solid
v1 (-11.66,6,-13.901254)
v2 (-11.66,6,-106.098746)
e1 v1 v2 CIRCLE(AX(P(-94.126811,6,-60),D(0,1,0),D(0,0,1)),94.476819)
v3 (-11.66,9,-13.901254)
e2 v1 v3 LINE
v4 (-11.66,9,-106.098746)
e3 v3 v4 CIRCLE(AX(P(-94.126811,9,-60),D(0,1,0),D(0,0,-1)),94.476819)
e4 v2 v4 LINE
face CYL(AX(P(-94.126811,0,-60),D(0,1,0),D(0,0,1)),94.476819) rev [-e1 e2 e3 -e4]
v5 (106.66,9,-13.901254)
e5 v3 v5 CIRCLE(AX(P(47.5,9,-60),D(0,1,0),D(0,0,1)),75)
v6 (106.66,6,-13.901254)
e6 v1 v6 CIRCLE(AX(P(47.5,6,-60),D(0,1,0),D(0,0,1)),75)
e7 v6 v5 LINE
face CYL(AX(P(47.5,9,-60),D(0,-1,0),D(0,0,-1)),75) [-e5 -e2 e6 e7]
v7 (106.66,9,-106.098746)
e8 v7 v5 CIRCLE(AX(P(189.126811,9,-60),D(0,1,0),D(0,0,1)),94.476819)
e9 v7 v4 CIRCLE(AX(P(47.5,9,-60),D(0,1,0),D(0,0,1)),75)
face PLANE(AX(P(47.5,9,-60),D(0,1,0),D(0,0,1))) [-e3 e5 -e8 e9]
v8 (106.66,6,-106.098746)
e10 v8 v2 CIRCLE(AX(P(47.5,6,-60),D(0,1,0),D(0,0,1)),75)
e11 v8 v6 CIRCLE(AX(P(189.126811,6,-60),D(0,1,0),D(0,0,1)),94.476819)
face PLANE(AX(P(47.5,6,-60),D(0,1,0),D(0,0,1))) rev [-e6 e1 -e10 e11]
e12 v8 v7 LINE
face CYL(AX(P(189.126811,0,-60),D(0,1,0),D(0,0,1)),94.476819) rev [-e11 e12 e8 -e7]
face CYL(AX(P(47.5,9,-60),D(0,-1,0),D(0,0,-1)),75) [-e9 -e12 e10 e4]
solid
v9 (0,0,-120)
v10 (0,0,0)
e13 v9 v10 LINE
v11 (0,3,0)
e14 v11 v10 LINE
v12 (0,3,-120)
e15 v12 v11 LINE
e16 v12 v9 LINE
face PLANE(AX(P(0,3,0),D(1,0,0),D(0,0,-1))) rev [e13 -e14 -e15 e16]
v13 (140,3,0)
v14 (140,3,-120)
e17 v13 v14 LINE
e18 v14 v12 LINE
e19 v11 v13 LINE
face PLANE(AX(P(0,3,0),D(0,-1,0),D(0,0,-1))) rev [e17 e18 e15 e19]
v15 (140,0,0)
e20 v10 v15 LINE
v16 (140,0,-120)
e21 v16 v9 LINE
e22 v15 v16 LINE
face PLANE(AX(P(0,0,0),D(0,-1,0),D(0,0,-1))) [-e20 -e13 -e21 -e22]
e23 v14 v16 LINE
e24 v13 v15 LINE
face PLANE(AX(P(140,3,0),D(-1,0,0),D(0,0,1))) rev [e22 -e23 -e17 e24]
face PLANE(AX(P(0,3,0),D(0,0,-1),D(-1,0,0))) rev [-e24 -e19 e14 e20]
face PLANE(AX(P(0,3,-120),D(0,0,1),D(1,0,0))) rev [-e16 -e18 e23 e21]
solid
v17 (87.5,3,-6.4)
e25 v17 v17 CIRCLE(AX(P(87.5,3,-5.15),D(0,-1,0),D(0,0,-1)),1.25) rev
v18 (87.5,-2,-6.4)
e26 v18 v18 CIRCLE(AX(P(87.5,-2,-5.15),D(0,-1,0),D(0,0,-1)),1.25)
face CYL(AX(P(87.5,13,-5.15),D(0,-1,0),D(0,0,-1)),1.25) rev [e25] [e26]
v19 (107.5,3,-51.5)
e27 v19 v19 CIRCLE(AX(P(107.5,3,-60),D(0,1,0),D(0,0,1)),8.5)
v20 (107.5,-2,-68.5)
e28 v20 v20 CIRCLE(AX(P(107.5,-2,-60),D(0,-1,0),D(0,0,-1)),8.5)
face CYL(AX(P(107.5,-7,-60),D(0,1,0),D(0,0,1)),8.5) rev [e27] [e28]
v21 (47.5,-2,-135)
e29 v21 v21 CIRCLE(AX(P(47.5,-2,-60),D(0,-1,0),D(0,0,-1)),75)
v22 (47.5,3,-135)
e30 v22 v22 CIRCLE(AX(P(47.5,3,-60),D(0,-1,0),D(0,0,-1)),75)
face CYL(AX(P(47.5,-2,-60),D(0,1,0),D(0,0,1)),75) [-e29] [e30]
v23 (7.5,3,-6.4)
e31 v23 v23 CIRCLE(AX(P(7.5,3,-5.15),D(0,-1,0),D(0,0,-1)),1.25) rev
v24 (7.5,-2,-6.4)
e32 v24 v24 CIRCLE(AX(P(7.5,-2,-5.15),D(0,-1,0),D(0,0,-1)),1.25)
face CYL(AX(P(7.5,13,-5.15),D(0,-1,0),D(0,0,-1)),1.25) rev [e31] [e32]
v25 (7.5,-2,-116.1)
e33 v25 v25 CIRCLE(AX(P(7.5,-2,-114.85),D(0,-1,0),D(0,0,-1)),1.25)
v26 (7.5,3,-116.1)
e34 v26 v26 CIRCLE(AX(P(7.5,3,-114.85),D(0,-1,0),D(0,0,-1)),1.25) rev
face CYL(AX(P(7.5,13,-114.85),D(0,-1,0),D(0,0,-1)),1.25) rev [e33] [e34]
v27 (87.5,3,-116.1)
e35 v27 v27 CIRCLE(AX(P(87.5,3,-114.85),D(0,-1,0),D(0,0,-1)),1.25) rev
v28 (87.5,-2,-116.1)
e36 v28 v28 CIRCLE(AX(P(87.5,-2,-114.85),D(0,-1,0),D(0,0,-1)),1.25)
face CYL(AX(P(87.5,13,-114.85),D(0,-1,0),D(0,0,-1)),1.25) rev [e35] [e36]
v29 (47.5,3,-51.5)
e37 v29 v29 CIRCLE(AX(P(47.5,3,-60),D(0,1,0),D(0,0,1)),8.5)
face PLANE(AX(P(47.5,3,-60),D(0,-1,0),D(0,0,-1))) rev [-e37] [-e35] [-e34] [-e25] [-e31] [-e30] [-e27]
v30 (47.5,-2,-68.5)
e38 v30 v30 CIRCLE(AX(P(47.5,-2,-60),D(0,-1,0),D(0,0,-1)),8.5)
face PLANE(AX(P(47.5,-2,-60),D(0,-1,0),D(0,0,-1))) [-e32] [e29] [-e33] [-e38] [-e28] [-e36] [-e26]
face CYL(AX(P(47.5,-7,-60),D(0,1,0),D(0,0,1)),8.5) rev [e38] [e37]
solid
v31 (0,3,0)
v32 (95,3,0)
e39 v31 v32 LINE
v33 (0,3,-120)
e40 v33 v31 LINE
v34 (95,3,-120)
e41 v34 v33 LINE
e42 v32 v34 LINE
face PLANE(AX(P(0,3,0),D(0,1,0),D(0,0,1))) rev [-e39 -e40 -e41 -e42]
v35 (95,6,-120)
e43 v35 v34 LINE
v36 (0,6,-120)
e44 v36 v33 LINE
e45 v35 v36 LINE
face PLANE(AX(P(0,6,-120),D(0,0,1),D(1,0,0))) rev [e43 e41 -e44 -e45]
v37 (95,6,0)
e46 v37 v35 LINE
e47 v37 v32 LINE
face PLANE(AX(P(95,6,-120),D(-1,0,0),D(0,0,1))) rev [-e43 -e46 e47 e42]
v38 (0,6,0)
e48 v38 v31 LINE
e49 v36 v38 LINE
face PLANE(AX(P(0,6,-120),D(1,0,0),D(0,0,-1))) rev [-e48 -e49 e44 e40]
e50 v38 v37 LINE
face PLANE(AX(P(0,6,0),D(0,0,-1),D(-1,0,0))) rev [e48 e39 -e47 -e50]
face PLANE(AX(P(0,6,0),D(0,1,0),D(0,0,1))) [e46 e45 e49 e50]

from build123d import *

# Parameters (mm, degrees)
SKETCH1_W                   = 140
SKETCH1_H                   = 120
COMPACT_DEPTH               = 3
SKETCH4_W                   = 95
SKETCH4_H                   = 120
SUPERCOMPACT_DEPTH          = 3
SKETCH7_R                   = 75
APPLE_BASE_DEPTH            = 3
SIDECUTS_DEPTH              = 195.694632694
APPLE_BASE_2_DEPTH          = 3
BOSS_EXTRUDE4_DEPTH         = 3
BASE_PLATE_FILLET_R         = 0.001
TOP_BOTTOM_EXTENSIONS_DEPTH = 3
SKETCH35_R                  = 1.25
SPACERHOLES_DEPTH           = 10
CUT_EXTRUDE4_DEPTH          = 10
SKETCH39_R                  = 75
SKETCH39_R_2                = 1.25
BOSS_EXTRUDE5_DEPTH         = 5
CUT_EXTRUDE5_DEPTH          = 150
SKETCH41_R                  = 8.5
CUT_EXTRUDE6_DEPTH          = 10
SKETCH44_R                  = 8.5
CUT_EXTRUDE7_DEPTH          = 10


with BuildPart() as part:
    # Sketch1 → Compact (new body)
    with BuildSketch(Plane(origin=(0, 0, 0), x_dir=(1, 0, 0), z_dir=(0, 1, 0))):
        with Locations((70, 60)):
            Rectangle(SKETCH1_W, SKETCH1_H)
    extrude(amount=COMPACT_DEPTH)


with BuildPart() as body_2:
    # Sketch4 → SuperCompact (new body)
    with BuildSketch(Plane(origin=(0, 3, 0), x_dir=(1, 0, 0), z_dir=(0, 1, 0))):
        with Locations((47.5, 60)):
            Rectangle(SKETCH4_W, SKETCH4_H)
    extrude(amount=SUPERCOMPACT_DEPTH)


with BuildPart() as body_3:
    # Sketch7 → Apple Base (new body)
    with BuildSketch(Plane(origin=(0, 6, 0), x_dir=(1, 0, 0), z_dir=(0, 1, 0))):
        with Locations(Location((47.5, 60, 0), (0, 0, 270))):
            Circle(SKETCH7_R)
    extrude(amount=APPLE_BASE_DEPTH)

    # Sketch8 → SideCuts (cut, through all)
    with BuildSketch(Plane(origin=(0, 9, 0), x_dir=(1, 0, 0), z_dir=(0, 1, 0))):
        with BuildLine():
            ThreePointArc((-11.66, 106.098746187), (0.350007958, 60), (-11.66, 13.901253813))
            ThreePointArc((-11.66, 13.901253813), (-27.5, 60), (-11.66, 106.098746187))
        make_face()
        with BuildLine():
            ThreePointArc((106.66, 106.098746187), (94.649992042, 60), (106.66, 13.901253813))
            ThreePointArc((106.66, 13.901253813), (122.5, 60), (106.66, 106.098746187))
        make_face()
    extrude(amount=-SIDECUTS_DEPTH, mode=Mode.SUBTRACT)


with BuildPart() as body_4:
    # Sketch9 → Apple_Base 2 (new body)
    with BuildSketch(Plane.XZ.offset(-6)):
        with BuildLine():
            ThreePointArc((106.66, -13.901253813), (47.5, 15), (-11.66, -13.901253813))
            ThreePointArc((-11.66, -13.901253813), (0.350007958, -60), (-11.66, -106.098746187))
            ThreePointArc((-11.66, -106.098746187), (47.5, -135), (106.66, -106.098746187))
            ThreePointArc((106.66, -106.098746187), (94.649992042, -60), (106.66, -13.901253813))
        make_face()
    extrude(amount=APPLE_BASE_2_DEPTH)

    # Sketch10 → Boss-Extrude4 (add)
    with BuildSketch(Plane(origin=(0, 6, 0), x_dir=(1, 0, 0), z_dir=(0, 1, 0))):
        with BuildLine():
            Line((-11.66, 106.098746187), (-11.66, 13.901253813))
            ThreePointArc((-11.66, 13.901253813), (0.350007958, 60), (-11.66, 106.098746187))
        make_face()
        with BuildLine():
            Line((106.66, 106.098746187), (106.66, 13.901253813))
            ThreePointArc((106.66, 13.901253813), (94.649992042, 60), (106.66, 106.098746187))
        make_face()
    extrude(amount=-BOSS_EXTRUDE4_DEPTH)

    # Base_Plate_Fillet
    base_plate_fillet_edges = [body_4.edges().sort_by_distance(p)[0] for p in [
        (-11.66, 3, -60),
        (-11.66, 6, -60),
        (47.5, 3, -135),
        (106.66, 3, -60),
        (106.66, 6, -60),
        (47.5, 6, -135),
        (47.5, 6, 15),
        (106.66, 4.5, -106.098746187),
        (-11.66, 4.5, -106.098746187),
        (-11.66, 4.5, -13.901253813),
        (106.66, 4.5, -13.901253813),
        (47.5, 3, 15),
    ]]
    fillet(base_plate_fillet_edges, radius=BASE_PLATE_FILLET_R)

    # Sketch25 → Top Bottom extensions (add)
    with BuildSketch(Plane(origin=(0, 6, 0), x_dir=(1, 0, 0), z_dir=(0, 1, 0))):
        with BuildLine():
            Line((-11.659005821, 106.097402592), (-11.659005821, 111.097402592))
            ThreePointArc((-11.659005821, 111.097402592), (47.5, 138.794628322), (106.659005821, 111.097402592))
            Line((106.659005821, 111.097402592), (106.659005821, 106.097402592))
            ThreePointArc((106.659005821, 106.097402592), (47.5, 133.794628322), (-11.659005821, 106.097402592))
        make_face()
        with BuildLine():
            Line((106.659005821, 13.902597408), (106.659005821, 8.902597408))
            ThreePointArc((106.659005821, 8.902597408), (47.5, -18.794628322), (-11.659005821, 8.902597408))
            Line((-11.659005821, 8.902597408), (-11.659005821, 13.902597408))
            ThreePointArc((-11.659005821, 13.902597408), (47.5, -13.794628322), (106.659005821, 13.902597408))
        make_face()
    extrude(amount=-TOP_BOTTOM_EXTENSIONS_DEPTH)

    # Sketch35 → SpacerHoles (cut)
    with BuildSketch(Plane.XZ.offset(-3)):
        with Locations(Location((7.5, -5.15, 0), (0, 0, 270))):
            Circle(SKETCH35_R)
        with Locations(Location((87.5, -5.15, 0), (0, 0, 270))):
            Circle(SKETCH35_R)
        with Locations(Location((87.5, -114.85, 0), (0, 0, 270))):
            Circle(SKETCH35_R)
        with Locations(Location((7.5, -114.85, 0), (0, 0, 270))):
            Circle(SKETCH35_R)
    extrude(amount=-SPACERHOLES_DEPTH, mode=Mode.SUBTRACT)

    # Sketch38 → Cut-Extrude4 (cut)
    with BuildSketch(Plane.XZ.offset(-3)):
        Polygon((47.5, 37.050137759), (120.372278362, 37.050137759), (120.372278362, -158.601845129), (-29.177494987, -158.601845129), (-29.177494987, 37.050137759), align=None)
        Polygon((-6.659, -60), (-6.659, 24.702355976), (101.659, 24.702355976), (101.659, -143.843523469), (-6.659, -143.843523469), align=None, mode=Mode.SUBTRACT)
    extrude(amount=-CUT_EXTRUDE4_DEPTH, mode=Mode.SUBTRACT)

    # Sketch39 → Boss-Extrude5 (add)
    with BuildSketch(Plane.XZ.offset(-3)):
        with Locations(Location((47.5, -60, 0), (0, 0, 43.770209918))):
            Circle(SKETCH39_R)
        with Locations(Location((87.5, -5.15, 0), (0, 0, 270))):
            Circle(SKETCH39_R_2, mode=Mode.SUBTRACT)
        with Locations(Location((7.5, -5.15, 0), (0, 0, 270))):
            Circle(SKETCH39_R_2, mode=Mode.SUBTRACT)
        with Locations(Location((7.5, -114.85, 0), (0, 0, 270))):
            Circle(SKETCH39_R_2, mode=Mode.SUBTRACT)
        with Locations(Location((87.5, -114.85, 0), (0, 0, 270))):
            Circle(SKETCH39_R_2, mode=Mode.SUBTRACT)
    extrude(amount=BOSS_EXTRUDE5_DEPTH)

    # Sketch40 → Cut-Extrude5 (cut)
    with BuildSketch(Plane(origin=(101.659, 0, 0), x_dir=(0, 0, -1), z_dir=(1, 0, 0))):
        Polygon((3.460058054, 3), (-22.733784582, 3), (-22.733784582, 8.214035789), (147.50303534, 8.214035789), (147.50303534, 3), align=None)
    extrude(amount=-CUT_EXTRUDE5_DEPTH, mode=Mode.SUBTRACT)

    # Sketch41 → Cut-Extrude6 (cut)
    with BuildSketch(Plane(origin=(0, 3, 0), x_dir=(1, 0, 0), z_dir=(0, 1, 0))):
        with Locations(Location((47.5, 60, 0), (0, 0, 270))):
            Circle(SKETCH41_R)
    extrude(amount=-CUT_EXTRUDE6_DEPTH, mode=Mode.SUBTRACT)

    # Sketch44 → Cut-Extrude7 (cut)
    with BuildSketch(Plane(origin=(0, 3, 0), x_dir=(1, 0, 0), z_dir=(0, 1, 0))):
        with Locations(Location((107.5, 60, 0), (0, 0, 270))):
            Circle(SKETCH44_R)
    extrude(amount=-CUT_EXTRUDE7_DEPTH, mode=Mode.SUBTRACT)


solid = Compound([part.part, body_2.part, body_3.part, body_4.part])
